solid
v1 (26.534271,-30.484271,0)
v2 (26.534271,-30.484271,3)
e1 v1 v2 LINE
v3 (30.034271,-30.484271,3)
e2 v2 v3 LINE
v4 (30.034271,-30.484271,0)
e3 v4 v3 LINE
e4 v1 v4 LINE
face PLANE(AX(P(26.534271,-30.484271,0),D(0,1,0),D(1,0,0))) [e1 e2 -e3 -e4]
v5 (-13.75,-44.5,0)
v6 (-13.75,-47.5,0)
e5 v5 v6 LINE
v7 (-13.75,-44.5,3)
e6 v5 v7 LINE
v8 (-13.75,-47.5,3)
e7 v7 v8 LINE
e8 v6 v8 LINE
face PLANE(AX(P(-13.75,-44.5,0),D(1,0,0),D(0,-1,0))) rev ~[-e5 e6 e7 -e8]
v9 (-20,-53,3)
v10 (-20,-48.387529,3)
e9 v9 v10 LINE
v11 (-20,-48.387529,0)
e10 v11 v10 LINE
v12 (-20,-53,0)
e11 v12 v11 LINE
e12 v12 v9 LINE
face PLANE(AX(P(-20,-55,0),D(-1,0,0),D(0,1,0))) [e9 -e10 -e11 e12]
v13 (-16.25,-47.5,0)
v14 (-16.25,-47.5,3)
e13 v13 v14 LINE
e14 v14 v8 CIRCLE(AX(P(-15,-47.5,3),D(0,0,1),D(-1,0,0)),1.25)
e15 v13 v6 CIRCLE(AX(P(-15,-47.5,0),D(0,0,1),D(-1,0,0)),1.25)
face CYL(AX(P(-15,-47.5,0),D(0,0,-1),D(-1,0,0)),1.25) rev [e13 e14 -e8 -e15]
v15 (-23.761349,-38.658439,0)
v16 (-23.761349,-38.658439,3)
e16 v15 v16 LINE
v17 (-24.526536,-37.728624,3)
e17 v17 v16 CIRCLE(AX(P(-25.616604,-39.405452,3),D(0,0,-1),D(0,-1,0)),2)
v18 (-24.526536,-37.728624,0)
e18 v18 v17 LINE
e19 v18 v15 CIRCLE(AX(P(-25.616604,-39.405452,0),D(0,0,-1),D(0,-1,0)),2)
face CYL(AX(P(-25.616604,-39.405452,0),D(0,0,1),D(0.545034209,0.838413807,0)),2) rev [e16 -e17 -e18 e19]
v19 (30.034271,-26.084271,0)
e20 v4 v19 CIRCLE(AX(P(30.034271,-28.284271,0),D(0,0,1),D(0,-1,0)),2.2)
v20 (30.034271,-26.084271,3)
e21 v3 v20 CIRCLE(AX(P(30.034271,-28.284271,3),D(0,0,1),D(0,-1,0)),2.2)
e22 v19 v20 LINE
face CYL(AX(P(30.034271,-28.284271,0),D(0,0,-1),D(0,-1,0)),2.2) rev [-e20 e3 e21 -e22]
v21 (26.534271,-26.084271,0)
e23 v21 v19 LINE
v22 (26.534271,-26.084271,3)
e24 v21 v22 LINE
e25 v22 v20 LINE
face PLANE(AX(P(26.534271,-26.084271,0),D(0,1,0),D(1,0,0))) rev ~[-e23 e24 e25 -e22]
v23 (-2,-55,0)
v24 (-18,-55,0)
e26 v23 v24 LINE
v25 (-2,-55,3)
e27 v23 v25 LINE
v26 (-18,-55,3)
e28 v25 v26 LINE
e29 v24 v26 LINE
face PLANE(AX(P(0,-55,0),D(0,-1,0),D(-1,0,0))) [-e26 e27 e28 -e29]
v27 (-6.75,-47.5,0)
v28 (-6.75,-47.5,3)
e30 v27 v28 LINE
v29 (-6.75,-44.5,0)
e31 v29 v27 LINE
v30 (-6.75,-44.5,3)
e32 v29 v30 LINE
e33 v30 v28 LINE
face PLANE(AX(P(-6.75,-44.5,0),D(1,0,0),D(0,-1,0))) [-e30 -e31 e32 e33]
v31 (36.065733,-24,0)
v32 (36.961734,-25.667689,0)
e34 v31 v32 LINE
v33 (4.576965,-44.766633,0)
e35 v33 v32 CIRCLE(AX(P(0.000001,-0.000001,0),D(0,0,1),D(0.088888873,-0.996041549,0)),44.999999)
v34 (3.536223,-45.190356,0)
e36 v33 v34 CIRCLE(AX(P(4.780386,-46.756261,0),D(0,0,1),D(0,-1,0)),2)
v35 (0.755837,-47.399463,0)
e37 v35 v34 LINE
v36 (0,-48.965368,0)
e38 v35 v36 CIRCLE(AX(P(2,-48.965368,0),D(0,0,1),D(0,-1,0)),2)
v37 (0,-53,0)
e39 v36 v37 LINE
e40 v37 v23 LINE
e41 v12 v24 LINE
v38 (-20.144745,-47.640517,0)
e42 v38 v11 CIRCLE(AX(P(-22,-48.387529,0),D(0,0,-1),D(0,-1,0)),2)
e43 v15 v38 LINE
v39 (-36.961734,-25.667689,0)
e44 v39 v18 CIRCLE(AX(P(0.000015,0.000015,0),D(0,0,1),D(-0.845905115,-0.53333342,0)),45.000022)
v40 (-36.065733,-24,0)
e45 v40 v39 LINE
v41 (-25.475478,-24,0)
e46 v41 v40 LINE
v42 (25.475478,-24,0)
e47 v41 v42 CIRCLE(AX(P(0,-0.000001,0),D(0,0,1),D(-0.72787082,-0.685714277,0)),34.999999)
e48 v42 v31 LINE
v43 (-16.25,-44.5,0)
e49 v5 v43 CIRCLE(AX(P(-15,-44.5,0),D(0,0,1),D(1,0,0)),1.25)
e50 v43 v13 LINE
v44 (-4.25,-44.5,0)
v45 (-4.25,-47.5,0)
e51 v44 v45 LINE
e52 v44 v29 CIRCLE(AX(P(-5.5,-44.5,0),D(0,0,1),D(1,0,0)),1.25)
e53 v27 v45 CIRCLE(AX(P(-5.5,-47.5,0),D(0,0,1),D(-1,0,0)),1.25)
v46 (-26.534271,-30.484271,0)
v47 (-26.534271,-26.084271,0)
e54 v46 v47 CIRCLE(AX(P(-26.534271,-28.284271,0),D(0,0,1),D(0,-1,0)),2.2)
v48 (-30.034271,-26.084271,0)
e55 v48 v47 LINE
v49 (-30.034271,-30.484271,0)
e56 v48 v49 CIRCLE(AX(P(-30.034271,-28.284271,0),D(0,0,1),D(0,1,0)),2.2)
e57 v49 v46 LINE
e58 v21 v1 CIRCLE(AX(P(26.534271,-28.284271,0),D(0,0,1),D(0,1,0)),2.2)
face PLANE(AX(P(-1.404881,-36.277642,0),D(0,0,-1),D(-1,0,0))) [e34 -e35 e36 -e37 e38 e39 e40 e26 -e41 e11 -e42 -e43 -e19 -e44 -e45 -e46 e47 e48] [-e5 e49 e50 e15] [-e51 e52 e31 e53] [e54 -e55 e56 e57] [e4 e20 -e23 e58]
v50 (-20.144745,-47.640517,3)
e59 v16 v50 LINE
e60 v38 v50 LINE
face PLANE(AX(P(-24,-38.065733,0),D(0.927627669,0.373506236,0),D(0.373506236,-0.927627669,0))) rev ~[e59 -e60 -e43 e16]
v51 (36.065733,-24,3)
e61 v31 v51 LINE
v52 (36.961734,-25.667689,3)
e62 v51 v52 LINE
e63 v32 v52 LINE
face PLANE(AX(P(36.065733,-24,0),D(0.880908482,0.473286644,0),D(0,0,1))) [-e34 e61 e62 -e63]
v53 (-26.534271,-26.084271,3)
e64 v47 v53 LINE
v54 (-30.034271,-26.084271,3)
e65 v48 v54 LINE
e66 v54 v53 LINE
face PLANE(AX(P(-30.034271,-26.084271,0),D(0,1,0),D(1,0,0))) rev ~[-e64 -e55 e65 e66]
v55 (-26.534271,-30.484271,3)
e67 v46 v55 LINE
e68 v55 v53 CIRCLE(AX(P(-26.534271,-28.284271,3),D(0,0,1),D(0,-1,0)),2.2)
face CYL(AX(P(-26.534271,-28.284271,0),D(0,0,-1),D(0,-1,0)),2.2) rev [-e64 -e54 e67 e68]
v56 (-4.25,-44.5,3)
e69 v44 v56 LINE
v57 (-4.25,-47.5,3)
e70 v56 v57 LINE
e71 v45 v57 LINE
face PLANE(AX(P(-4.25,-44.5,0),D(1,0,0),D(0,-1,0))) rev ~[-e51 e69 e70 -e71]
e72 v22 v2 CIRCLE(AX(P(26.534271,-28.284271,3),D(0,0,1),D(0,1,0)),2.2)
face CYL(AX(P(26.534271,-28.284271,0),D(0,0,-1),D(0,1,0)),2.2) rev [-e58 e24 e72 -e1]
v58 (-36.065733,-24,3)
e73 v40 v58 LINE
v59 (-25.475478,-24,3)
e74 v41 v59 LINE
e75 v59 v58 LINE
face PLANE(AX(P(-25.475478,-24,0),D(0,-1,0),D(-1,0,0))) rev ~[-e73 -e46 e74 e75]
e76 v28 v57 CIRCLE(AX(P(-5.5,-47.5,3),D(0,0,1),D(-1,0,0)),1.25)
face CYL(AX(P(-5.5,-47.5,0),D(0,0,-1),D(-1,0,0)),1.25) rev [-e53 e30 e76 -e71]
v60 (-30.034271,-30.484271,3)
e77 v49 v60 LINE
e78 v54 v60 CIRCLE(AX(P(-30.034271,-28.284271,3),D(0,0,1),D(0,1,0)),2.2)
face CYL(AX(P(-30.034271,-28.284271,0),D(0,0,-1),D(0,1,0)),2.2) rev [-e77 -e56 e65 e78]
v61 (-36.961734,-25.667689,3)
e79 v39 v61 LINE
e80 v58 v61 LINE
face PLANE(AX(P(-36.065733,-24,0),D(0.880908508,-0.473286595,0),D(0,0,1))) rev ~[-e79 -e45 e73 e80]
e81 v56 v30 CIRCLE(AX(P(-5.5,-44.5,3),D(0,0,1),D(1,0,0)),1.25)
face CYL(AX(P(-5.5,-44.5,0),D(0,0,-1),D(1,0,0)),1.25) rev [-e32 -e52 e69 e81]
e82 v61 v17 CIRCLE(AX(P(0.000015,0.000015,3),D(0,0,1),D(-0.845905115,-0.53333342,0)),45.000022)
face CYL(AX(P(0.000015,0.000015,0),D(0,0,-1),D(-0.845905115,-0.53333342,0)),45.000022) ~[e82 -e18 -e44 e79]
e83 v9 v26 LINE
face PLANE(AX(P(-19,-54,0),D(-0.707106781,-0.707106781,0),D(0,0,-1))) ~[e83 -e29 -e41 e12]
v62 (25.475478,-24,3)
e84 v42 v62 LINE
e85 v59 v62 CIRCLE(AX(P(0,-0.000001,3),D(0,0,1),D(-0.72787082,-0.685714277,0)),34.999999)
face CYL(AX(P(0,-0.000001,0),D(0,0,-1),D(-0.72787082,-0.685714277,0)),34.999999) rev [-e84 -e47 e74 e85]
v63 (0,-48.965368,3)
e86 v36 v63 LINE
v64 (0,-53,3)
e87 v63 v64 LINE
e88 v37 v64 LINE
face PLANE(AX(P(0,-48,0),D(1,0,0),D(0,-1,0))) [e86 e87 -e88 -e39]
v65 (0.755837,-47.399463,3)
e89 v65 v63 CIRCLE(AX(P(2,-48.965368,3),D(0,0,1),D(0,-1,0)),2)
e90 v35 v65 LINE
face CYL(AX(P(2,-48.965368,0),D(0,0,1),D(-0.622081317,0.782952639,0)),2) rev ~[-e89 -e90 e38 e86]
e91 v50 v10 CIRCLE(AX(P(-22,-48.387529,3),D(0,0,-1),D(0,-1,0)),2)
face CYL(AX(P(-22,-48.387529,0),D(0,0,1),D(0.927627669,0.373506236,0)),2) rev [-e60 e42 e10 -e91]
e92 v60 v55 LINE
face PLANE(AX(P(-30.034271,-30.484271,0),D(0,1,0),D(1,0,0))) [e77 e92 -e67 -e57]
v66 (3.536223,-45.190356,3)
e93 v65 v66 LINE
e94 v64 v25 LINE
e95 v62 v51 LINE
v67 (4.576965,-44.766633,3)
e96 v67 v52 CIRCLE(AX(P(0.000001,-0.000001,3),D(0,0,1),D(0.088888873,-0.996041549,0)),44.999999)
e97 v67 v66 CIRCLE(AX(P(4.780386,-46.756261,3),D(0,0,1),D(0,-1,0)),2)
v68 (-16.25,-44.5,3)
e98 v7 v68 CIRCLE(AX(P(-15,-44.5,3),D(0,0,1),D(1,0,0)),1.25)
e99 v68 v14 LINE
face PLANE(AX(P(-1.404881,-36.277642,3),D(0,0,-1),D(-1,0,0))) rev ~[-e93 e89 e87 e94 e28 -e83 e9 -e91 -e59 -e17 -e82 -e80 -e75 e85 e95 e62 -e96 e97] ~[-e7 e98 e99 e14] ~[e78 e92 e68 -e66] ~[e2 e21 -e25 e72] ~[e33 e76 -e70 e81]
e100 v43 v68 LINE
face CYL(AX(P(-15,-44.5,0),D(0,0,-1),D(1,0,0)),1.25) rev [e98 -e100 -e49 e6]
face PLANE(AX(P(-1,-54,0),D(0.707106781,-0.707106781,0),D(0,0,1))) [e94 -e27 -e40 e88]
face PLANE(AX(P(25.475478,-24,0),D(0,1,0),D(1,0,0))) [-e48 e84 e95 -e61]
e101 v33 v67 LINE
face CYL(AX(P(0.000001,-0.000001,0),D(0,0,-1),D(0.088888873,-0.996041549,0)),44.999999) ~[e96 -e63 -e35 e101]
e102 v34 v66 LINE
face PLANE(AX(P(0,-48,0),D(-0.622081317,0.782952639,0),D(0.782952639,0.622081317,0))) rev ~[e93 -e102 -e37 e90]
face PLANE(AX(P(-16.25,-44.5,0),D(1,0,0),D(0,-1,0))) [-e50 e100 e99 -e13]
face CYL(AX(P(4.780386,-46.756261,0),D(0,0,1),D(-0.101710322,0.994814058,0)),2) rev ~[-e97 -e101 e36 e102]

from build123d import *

# Parameters (mm, degrees)
PAD_DEPTH    = 3
CHAMFER_SIZE = 2
FILLET_R     = 2


with BuildPart() as part:
    # Sketch → Pad (new body)
    with BuildSketch(Plane.XY):
        with BuildLine():
            ThreePointArc((-25.475478, -24), (0, -35), (25.475478, -24))
            Line((25.475478, -24), (38.065733, -24))
            ThreePointArc((4, -44.82187), (23.468469, -38.395716), (38.065733, -24))
            Line((0, -48), (4, -44.82187))
            Line((0, -48), (0, -55))
            Line((0, -55), (-20, -55))
            Line((-20, -55), (-20, -48))
            Line((-24, -38.065733), (-20, -48))
            ThreePointArc((-38.065733, -24), (-31.819805, -31.819805), (-24, -38.065733))
            Line((-25.475478, -24), (-38.065733, -24))
        make_face()
        with BuildLine():
            ThreePointArc((-30.034271, -26.084271), (-32.234271, -28.284271), (-30.034271, -30.484271))
            Line((-30.034271, -30.484271), (-26.534271, -30.484271))
            ThreePointArc((-26.534271, -30.484271), (-24.334271, -28.284271), (-26.534271, -26.084271))
            Line((-30.034271, -26.084271), (-26.534271, -26.084271))
        make_face(mode=Mode.SUBTRACT)
        with BuildLine():
            ThreePointArc((26.534271, -26.084271), (24.334271, -28.284271), (26.534271, -30.484271))
            Line((26.534271, -30.484271), (30.034271, -30.484271))
            ThreePointArc((30.034271, -30.484271), (32.234271, -28.284271), (30.034271, -26.084271))
            Line((26.534271, -26.084271), (30.034271, -26.084271))
        make_face(mode=Mode.SUBTRACT)
        with BuildLine():
            ThreePointArc((-4.25, -44.5), (-5.5, -43.25), (-6.75, -44.5))
            Line((-6.75, -44.5), (-6.75, -47.5))
            ThreePointArc((-6.75, -47.5), (-5.5, -48.75), (-4.25, -47.5))
            Line((-4.25, -44.5), (-4.25, -47.5))
        make_face(mode=Mode.SUBTRACT)
        with BuildLine():
            ThreePointArc((-13.75, -44.5), (-15, -43.25), (-16.25, -44.5))
            Line((-16.25, -44.5), (-16.25, -47.5))
            ThreePointArc((-16.25, -47.5), (-15, -48.75), (-13.75, -47.5))
            Line((-13.75, -44.5), (-13.75, -47.5))
        make_face(mode=Mode.SUBTRACT)
    extrude(amount=PAD_DEPTH)

    # Chamfer
    chamfer_edges = [part.edges().sort_by_distance(p)[0] for p in [
        (0, -55, 1.5),
        (38.065733, -24, 1.5),
        (-38.065733, -24, 1.5),
        (-20, -55, 1.5),
    ]]
    chamfer(chamfer_edges, length=CHAMFER_SIZE)

    # Fillet
    fillet_edges = [part.edges().sort_by_distance(p)[0] for p in [
        (-20, -48, 1.5),
        (-24, -38.065733, 1.5),
        (0, -48, 1.5),
        (4, -44.82187, 1.5),
    ]]
    fillet(fillet_edges, radius=FILLET_R)


solid = part.part
